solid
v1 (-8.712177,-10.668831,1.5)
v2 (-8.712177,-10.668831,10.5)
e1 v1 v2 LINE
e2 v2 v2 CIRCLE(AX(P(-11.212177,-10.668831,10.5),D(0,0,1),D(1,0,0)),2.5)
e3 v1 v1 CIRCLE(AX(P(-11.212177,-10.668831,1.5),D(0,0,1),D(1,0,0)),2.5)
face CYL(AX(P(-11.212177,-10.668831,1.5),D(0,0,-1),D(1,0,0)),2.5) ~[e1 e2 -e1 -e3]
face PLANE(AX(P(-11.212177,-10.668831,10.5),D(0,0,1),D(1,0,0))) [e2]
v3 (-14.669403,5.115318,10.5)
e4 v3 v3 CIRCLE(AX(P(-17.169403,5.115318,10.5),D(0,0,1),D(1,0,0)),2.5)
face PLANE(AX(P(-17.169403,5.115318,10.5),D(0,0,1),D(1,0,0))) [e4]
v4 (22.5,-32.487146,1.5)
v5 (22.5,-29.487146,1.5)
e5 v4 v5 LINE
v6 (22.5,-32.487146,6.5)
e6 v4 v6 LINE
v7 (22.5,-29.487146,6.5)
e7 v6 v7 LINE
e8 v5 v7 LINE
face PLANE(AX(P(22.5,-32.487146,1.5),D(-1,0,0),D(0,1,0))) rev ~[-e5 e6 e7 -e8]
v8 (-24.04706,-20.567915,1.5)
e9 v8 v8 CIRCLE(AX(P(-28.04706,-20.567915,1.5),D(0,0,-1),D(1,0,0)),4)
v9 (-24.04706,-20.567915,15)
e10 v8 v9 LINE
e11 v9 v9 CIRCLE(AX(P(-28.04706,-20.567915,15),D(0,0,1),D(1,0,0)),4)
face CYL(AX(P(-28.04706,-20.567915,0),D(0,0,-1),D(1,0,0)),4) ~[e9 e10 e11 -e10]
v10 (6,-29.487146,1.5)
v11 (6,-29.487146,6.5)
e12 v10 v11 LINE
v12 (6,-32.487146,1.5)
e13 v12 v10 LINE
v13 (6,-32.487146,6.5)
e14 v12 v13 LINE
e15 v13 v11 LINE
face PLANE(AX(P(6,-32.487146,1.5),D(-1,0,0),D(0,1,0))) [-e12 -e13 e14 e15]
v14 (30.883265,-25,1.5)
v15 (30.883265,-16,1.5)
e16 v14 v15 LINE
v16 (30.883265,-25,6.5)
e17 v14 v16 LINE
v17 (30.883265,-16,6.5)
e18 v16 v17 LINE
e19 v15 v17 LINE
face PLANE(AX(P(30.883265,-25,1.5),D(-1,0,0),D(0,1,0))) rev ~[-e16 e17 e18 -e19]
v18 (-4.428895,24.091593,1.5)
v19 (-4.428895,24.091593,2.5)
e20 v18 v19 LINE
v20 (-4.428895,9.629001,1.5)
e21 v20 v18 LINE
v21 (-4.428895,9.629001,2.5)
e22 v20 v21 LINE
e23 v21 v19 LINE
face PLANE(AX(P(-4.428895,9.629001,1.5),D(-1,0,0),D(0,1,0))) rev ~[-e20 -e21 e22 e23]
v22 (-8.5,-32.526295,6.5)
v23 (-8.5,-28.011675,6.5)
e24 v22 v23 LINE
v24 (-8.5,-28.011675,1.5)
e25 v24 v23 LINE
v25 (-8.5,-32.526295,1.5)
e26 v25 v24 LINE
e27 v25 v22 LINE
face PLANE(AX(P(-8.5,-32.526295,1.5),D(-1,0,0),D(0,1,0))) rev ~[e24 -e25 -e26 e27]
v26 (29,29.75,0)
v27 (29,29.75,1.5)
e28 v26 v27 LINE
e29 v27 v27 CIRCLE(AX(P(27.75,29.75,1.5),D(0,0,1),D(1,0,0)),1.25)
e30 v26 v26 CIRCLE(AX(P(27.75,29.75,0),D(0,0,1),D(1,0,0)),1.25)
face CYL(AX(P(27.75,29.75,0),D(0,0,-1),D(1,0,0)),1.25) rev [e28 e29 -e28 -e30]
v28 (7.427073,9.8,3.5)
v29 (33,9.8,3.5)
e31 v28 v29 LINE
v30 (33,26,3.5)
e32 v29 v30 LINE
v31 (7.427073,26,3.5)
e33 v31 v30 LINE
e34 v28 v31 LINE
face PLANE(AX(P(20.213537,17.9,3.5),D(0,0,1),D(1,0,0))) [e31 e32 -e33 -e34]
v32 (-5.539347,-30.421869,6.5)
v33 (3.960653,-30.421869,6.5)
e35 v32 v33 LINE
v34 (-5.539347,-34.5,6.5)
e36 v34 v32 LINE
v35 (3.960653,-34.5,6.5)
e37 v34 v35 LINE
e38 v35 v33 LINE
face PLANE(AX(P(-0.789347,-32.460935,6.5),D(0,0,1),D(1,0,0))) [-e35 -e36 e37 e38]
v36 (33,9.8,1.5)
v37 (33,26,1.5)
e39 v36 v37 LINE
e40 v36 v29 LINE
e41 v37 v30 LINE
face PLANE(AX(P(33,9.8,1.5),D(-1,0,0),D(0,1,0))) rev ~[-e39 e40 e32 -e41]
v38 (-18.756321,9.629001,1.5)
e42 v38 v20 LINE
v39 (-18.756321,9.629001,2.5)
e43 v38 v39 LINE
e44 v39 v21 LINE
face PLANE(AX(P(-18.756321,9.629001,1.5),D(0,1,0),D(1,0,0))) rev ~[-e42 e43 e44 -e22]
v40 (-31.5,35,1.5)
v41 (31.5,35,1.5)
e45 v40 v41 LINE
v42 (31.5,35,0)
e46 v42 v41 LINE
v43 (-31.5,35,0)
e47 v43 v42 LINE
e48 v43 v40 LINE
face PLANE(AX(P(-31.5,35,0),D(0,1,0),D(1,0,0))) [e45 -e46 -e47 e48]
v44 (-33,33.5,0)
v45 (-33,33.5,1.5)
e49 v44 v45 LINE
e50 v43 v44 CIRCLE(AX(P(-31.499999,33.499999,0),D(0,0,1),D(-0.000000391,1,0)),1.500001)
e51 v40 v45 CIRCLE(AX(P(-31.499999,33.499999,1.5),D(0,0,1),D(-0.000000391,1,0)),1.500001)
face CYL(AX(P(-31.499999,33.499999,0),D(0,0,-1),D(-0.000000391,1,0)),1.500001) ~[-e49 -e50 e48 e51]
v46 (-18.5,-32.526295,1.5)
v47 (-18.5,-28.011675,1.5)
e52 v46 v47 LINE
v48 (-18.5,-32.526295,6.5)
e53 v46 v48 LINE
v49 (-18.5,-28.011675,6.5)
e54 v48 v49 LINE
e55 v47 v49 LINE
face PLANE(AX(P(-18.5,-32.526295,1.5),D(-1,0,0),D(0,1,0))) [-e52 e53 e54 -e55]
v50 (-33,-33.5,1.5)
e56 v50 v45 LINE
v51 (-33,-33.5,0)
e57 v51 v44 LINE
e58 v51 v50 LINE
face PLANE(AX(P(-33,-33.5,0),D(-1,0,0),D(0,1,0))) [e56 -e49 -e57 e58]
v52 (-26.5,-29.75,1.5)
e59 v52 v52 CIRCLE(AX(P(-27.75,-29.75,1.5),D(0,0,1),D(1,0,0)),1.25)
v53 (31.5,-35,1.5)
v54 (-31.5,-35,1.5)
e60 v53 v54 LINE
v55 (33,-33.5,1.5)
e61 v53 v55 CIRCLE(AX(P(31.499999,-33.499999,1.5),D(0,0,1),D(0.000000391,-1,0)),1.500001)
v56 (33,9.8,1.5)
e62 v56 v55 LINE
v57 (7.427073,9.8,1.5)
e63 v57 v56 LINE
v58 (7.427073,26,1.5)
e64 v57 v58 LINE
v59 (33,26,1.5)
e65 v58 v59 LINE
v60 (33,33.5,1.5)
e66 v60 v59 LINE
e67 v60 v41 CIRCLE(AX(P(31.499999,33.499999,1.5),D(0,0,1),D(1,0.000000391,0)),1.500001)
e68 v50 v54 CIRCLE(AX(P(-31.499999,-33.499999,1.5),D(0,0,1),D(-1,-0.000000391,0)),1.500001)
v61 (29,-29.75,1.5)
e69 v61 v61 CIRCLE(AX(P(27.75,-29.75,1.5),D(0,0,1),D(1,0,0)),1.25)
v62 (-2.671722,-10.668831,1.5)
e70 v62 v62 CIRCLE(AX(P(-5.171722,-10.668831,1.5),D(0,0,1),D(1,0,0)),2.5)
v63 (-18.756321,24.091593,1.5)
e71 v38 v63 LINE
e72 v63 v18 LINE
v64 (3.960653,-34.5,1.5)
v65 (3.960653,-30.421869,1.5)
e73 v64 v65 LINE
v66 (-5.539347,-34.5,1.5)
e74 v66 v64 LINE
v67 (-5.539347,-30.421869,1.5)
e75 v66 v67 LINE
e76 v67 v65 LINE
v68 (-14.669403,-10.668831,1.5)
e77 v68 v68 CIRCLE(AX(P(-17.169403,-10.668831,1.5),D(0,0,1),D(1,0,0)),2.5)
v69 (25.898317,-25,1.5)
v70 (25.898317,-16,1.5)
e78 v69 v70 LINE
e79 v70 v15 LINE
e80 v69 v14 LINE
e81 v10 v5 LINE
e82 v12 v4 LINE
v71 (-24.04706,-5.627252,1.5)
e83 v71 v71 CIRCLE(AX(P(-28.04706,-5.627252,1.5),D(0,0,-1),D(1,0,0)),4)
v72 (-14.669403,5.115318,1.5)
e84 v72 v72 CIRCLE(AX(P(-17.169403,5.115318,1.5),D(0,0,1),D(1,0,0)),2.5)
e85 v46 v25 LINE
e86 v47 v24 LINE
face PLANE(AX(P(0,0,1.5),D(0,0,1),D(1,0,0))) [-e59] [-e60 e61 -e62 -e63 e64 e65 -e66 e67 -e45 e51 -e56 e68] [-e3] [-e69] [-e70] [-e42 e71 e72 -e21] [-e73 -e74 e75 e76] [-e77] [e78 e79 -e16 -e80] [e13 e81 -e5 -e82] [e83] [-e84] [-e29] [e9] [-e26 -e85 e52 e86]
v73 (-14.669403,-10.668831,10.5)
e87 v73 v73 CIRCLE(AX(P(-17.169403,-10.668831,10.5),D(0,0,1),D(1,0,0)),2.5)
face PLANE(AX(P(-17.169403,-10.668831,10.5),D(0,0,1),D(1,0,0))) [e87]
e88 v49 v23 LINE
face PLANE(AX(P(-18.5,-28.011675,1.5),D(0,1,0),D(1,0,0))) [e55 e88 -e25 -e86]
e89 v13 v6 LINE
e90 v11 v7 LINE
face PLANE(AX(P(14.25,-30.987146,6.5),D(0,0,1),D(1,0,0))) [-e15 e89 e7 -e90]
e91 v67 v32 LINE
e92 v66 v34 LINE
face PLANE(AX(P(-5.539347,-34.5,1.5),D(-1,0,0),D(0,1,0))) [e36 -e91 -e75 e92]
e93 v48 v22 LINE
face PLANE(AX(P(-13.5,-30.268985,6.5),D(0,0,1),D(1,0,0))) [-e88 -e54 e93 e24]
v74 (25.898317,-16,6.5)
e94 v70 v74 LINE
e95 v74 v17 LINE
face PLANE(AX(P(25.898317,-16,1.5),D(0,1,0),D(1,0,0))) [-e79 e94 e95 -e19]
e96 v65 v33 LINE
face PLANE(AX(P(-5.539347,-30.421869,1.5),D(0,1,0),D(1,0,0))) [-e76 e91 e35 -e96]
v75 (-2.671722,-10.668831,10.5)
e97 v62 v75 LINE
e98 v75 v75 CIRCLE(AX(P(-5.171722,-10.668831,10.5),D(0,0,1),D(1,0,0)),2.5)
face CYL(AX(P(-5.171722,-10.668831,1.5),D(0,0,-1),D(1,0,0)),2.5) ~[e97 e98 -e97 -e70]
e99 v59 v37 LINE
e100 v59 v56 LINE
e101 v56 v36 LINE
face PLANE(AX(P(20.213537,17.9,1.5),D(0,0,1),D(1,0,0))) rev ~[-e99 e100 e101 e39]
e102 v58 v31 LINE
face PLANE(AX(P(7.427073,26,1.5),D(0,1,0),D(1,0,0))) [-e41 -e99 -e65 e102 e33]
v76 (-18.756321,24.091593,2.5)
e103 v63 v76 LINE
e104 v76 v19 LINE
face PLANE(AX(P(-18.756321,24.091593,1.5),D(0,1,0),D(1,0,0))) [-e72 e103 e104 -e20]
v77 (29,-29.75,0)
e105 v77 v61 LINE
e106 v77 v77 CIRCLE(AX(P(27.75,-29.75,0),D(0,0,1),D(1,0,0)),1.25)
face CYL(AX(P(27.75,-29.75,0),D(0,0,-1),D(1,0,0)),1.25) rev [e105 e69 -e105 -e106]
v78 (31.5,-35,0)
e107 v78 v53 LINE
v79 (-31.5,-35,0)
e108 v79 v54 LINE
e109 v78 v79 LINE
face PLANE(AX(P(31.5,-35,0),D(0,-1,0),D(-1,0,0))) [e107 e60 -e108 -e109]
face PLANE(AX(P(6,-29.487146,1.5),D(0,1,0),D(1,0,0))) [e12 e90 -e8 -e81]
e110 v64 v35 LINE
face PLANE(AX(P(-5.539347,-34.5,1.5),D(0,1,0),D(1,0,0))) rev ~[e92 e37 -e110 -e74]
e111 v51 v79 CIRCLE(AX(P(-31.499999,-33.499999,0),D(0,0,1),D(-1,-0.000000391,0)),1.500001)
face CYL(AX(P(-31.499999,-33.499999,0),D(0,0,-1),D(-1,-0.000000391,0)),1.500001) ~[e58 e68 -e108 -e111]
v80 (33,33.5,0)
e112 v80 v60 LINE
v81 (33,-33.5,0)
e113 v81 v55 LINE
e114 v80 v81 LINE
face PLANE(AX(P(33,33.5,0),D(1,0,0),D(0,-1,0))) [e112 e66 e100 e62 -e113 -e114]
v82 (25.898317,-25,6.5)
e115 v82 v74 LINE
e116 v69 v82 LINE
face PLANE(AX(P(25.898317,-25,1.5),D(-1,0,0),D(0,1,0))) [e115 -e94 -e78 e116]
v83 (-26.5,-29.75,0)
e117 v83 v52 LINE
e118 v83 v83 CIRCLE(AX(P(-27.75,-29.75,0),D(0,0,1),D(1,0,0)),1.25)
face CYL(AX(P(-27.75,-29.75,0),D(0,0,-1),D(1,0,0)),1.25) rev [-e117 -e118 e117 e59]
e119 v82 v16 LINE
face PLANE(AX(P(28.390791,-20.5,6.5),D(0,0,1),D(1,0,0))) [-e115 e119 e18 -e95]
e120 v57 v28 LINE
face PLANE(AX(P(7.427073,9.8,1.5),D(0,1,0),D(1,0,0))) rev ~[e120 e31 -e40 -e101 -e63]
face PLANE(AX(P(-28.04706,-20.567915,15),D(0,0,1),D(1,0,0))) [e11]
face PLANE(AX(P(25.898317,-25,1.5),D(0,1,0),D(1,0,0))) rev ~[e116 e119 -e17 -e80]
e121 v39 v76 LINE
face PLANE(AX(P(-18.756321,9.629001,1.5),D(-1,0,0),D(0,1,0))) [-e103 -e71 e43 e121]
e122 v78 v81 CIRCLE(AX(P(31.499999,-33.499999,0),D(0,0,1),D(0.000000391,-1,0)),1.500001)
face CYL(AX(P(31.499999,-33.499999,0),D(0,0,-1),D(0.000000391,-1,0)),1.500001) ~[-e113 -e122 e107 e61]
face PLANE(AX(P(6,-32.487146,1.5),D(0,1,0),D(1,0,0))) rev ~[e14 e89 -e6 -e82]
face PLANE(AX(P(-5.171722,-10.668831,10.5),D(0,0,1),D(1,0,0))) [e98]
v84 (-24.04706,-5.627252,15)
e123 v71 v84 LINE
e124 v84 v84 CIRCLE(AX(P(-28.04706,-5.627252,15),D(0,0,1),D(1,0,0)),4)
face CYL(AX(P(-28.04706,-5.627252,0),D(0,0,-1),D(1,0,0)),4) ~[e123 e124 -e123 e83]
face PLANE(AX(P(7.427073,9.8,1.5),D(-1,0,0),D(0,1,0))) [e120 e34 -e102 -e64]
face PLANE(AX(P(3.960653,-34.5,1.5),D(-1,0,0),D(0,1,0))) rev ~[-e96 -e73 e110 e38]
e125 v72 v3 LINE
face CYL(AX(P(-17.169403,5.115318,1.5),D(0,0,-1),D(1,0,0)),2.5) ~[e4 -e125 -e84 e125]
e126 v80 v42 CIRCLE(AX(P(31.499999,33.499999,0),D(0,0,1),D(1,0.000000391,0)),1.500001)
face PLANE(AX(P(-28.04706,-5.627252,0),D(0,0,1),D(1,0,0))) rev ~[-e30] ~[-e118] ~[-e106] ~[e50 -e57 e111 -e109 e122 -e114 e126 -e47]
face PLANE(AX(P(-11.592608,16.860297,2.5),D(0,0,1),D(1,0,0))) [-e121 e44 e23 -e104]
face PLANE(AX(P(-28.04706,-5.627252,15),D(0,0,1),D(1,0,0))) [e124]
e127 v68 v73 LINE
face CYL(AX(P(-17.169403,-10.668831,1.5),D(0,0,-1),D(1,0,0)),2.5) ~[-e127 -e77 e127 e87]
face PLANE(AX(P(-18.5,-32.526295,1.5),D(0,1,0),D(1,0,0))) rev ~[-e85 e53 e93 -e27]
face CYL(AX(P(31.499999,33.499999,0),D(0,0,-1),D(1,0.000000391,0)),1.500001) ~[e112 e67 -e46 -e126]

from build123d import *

# Parameters (mm, degrees)
SKETCH_R      = 1.25
PAD_DEPTH     = 1.5
SKETCH001_R   = 4
PAD001_DEPTH  = 15
SKETCH002_W   = 14.327426
SKETCH002_H   = 14.462592
PAD002_DEPTH  = 1
SKETCH003_R   = 2.5
PAD003_DEPTH  = 9
SKETCH004_W   = 10
SKETCH004_H   = 4.51462
SKETCH004_W_2 = 9.5
SKETCH004_H_2 = 4.078131
SKETCH004_W_3 = 16.5
SKETCH004_H_3 = 3
PAD004_DEPTH  = 5
SKETCH005_W   = 25.572927
SKETCH005_H   = 16.2
PAD005_DEPTH  = 2
SKETCH006_W   = 4.984948
SKETCH006_H   = 9
PAD006_DEPTH  = 5


with BuildPart() as part:
    # Sketch → Pad (new body)
    with BuildSketch(Plane.XY):
        with BuildLine():
            ThreePointArc((-31.5, 35), (-32.56066, 34.56066), (-33, 33.5))
            Line((-33, -33.5), (-33, 33.5))
            ThreePointArc((-33, -33.5), (-32.56066, -34.56066), (-31.5, -35))
            Line((31.5, -35), (-31.5, -35))
            ThreePointArc((31.5, -35), (32.56066, -34.56066), (33, -33.5))
            Line((33, 33.5), (33, -33.5))
            ThreePointArc((33, 33.5), (32.56066, 34.56066), (31.5, 35))
            Line((-31.5, 35), (31.5, 35))
        make_face()
        with Locations((27.75, 29.75)):
            Circle(SKETCH_R, mode=Mode.SUBTRACT)
        with Locations((-27.75, -29.75)):
            Circle(SKETCH_R, mode=Mode.SUBTRACT)
        with Locations((27.75, -29.75)):
            Circle(SKETCH_R, mode=Mode.SUBTRACT)
    extrude(amount=PAD_DEPTH)

    # Sketch001 → Pad001 (join)
    with BuildSketch(Plane.XY):
        with Locations((-28.04706, -5.627252)):
            Circle(SKETCH001_R)
        with Locations((-28.04706, -20.567915)):
            Circle(SKETCH001_R)
    extrude(amount=PAD001_DEPTH)

    # Sketch002 (on DatumPlane) → Pad002 (join)
    with BuildSketch(Plane.XY.offset(1.5)):
        with Locations((-11.592608, 16.860297)):
            Rectangle(SKETCH002_W, SKETCH002_H)
    extrude(amount=PAD002_DEPTH)

    # Sketch003 (on DatumPlane) → Pad003 (join)
    with BuildSketch(Plane.XY.offset(1.5)):
        with Locations((-17.169403, 5.115318)):
            Circle(SKETCH003_R)
        with Locations((-17.169403, -10.668831)):
            Circle(SKETCH003_R)
        with Locations((-11.212177, -10.668831)):
            Circle(SKETCH003_R)
        with Locations((-5.171722, -10.668831)):
            Circle(SKETCH003_R)
    extrude(amount=PAD003_DEPTH)

    # Sketch004 (on DatumPlane) → Pad004 (join)
    with BuildSketch(Plane.XY.offset(1.5)):
        with Locations((-13.5, -30.268985)):
            Rectangle(SKETCH004_W, SKETCH004_H)
        with Locations((-0.789347, -32.460935)):
            Rectangle(SKETCH004_W_2, SKETCH004_H_2)
        with Locations((14.25, -30.987146)):
            Rectangle(SKETCH004_W_3, SKETCH004_H_3)
    extrude(amount=PAD004_DEPTH)

    # Sketch005 (on Face5 of Pad004) → Pad005 (join)
    with BuildSketch(Plane.XY.offset(1.5)):
        with Locations((20.213537, 17.9)):
            Rectangle(SKETCH005_W, SKETCH005_H)
    extrude(amount=PAD005_DEPTH)

    # Sketch006 (on DatumPlane) → Pad006 (join)
    with BuildSketch(Plane.XY.offset(1.5)):
        with Locations((28.390791, -20.5)):
            Rectangle(SKETCH006_W, SKETCH006_H)
    extrude(amount=PAD006_DEPTH)


solid = part.part
